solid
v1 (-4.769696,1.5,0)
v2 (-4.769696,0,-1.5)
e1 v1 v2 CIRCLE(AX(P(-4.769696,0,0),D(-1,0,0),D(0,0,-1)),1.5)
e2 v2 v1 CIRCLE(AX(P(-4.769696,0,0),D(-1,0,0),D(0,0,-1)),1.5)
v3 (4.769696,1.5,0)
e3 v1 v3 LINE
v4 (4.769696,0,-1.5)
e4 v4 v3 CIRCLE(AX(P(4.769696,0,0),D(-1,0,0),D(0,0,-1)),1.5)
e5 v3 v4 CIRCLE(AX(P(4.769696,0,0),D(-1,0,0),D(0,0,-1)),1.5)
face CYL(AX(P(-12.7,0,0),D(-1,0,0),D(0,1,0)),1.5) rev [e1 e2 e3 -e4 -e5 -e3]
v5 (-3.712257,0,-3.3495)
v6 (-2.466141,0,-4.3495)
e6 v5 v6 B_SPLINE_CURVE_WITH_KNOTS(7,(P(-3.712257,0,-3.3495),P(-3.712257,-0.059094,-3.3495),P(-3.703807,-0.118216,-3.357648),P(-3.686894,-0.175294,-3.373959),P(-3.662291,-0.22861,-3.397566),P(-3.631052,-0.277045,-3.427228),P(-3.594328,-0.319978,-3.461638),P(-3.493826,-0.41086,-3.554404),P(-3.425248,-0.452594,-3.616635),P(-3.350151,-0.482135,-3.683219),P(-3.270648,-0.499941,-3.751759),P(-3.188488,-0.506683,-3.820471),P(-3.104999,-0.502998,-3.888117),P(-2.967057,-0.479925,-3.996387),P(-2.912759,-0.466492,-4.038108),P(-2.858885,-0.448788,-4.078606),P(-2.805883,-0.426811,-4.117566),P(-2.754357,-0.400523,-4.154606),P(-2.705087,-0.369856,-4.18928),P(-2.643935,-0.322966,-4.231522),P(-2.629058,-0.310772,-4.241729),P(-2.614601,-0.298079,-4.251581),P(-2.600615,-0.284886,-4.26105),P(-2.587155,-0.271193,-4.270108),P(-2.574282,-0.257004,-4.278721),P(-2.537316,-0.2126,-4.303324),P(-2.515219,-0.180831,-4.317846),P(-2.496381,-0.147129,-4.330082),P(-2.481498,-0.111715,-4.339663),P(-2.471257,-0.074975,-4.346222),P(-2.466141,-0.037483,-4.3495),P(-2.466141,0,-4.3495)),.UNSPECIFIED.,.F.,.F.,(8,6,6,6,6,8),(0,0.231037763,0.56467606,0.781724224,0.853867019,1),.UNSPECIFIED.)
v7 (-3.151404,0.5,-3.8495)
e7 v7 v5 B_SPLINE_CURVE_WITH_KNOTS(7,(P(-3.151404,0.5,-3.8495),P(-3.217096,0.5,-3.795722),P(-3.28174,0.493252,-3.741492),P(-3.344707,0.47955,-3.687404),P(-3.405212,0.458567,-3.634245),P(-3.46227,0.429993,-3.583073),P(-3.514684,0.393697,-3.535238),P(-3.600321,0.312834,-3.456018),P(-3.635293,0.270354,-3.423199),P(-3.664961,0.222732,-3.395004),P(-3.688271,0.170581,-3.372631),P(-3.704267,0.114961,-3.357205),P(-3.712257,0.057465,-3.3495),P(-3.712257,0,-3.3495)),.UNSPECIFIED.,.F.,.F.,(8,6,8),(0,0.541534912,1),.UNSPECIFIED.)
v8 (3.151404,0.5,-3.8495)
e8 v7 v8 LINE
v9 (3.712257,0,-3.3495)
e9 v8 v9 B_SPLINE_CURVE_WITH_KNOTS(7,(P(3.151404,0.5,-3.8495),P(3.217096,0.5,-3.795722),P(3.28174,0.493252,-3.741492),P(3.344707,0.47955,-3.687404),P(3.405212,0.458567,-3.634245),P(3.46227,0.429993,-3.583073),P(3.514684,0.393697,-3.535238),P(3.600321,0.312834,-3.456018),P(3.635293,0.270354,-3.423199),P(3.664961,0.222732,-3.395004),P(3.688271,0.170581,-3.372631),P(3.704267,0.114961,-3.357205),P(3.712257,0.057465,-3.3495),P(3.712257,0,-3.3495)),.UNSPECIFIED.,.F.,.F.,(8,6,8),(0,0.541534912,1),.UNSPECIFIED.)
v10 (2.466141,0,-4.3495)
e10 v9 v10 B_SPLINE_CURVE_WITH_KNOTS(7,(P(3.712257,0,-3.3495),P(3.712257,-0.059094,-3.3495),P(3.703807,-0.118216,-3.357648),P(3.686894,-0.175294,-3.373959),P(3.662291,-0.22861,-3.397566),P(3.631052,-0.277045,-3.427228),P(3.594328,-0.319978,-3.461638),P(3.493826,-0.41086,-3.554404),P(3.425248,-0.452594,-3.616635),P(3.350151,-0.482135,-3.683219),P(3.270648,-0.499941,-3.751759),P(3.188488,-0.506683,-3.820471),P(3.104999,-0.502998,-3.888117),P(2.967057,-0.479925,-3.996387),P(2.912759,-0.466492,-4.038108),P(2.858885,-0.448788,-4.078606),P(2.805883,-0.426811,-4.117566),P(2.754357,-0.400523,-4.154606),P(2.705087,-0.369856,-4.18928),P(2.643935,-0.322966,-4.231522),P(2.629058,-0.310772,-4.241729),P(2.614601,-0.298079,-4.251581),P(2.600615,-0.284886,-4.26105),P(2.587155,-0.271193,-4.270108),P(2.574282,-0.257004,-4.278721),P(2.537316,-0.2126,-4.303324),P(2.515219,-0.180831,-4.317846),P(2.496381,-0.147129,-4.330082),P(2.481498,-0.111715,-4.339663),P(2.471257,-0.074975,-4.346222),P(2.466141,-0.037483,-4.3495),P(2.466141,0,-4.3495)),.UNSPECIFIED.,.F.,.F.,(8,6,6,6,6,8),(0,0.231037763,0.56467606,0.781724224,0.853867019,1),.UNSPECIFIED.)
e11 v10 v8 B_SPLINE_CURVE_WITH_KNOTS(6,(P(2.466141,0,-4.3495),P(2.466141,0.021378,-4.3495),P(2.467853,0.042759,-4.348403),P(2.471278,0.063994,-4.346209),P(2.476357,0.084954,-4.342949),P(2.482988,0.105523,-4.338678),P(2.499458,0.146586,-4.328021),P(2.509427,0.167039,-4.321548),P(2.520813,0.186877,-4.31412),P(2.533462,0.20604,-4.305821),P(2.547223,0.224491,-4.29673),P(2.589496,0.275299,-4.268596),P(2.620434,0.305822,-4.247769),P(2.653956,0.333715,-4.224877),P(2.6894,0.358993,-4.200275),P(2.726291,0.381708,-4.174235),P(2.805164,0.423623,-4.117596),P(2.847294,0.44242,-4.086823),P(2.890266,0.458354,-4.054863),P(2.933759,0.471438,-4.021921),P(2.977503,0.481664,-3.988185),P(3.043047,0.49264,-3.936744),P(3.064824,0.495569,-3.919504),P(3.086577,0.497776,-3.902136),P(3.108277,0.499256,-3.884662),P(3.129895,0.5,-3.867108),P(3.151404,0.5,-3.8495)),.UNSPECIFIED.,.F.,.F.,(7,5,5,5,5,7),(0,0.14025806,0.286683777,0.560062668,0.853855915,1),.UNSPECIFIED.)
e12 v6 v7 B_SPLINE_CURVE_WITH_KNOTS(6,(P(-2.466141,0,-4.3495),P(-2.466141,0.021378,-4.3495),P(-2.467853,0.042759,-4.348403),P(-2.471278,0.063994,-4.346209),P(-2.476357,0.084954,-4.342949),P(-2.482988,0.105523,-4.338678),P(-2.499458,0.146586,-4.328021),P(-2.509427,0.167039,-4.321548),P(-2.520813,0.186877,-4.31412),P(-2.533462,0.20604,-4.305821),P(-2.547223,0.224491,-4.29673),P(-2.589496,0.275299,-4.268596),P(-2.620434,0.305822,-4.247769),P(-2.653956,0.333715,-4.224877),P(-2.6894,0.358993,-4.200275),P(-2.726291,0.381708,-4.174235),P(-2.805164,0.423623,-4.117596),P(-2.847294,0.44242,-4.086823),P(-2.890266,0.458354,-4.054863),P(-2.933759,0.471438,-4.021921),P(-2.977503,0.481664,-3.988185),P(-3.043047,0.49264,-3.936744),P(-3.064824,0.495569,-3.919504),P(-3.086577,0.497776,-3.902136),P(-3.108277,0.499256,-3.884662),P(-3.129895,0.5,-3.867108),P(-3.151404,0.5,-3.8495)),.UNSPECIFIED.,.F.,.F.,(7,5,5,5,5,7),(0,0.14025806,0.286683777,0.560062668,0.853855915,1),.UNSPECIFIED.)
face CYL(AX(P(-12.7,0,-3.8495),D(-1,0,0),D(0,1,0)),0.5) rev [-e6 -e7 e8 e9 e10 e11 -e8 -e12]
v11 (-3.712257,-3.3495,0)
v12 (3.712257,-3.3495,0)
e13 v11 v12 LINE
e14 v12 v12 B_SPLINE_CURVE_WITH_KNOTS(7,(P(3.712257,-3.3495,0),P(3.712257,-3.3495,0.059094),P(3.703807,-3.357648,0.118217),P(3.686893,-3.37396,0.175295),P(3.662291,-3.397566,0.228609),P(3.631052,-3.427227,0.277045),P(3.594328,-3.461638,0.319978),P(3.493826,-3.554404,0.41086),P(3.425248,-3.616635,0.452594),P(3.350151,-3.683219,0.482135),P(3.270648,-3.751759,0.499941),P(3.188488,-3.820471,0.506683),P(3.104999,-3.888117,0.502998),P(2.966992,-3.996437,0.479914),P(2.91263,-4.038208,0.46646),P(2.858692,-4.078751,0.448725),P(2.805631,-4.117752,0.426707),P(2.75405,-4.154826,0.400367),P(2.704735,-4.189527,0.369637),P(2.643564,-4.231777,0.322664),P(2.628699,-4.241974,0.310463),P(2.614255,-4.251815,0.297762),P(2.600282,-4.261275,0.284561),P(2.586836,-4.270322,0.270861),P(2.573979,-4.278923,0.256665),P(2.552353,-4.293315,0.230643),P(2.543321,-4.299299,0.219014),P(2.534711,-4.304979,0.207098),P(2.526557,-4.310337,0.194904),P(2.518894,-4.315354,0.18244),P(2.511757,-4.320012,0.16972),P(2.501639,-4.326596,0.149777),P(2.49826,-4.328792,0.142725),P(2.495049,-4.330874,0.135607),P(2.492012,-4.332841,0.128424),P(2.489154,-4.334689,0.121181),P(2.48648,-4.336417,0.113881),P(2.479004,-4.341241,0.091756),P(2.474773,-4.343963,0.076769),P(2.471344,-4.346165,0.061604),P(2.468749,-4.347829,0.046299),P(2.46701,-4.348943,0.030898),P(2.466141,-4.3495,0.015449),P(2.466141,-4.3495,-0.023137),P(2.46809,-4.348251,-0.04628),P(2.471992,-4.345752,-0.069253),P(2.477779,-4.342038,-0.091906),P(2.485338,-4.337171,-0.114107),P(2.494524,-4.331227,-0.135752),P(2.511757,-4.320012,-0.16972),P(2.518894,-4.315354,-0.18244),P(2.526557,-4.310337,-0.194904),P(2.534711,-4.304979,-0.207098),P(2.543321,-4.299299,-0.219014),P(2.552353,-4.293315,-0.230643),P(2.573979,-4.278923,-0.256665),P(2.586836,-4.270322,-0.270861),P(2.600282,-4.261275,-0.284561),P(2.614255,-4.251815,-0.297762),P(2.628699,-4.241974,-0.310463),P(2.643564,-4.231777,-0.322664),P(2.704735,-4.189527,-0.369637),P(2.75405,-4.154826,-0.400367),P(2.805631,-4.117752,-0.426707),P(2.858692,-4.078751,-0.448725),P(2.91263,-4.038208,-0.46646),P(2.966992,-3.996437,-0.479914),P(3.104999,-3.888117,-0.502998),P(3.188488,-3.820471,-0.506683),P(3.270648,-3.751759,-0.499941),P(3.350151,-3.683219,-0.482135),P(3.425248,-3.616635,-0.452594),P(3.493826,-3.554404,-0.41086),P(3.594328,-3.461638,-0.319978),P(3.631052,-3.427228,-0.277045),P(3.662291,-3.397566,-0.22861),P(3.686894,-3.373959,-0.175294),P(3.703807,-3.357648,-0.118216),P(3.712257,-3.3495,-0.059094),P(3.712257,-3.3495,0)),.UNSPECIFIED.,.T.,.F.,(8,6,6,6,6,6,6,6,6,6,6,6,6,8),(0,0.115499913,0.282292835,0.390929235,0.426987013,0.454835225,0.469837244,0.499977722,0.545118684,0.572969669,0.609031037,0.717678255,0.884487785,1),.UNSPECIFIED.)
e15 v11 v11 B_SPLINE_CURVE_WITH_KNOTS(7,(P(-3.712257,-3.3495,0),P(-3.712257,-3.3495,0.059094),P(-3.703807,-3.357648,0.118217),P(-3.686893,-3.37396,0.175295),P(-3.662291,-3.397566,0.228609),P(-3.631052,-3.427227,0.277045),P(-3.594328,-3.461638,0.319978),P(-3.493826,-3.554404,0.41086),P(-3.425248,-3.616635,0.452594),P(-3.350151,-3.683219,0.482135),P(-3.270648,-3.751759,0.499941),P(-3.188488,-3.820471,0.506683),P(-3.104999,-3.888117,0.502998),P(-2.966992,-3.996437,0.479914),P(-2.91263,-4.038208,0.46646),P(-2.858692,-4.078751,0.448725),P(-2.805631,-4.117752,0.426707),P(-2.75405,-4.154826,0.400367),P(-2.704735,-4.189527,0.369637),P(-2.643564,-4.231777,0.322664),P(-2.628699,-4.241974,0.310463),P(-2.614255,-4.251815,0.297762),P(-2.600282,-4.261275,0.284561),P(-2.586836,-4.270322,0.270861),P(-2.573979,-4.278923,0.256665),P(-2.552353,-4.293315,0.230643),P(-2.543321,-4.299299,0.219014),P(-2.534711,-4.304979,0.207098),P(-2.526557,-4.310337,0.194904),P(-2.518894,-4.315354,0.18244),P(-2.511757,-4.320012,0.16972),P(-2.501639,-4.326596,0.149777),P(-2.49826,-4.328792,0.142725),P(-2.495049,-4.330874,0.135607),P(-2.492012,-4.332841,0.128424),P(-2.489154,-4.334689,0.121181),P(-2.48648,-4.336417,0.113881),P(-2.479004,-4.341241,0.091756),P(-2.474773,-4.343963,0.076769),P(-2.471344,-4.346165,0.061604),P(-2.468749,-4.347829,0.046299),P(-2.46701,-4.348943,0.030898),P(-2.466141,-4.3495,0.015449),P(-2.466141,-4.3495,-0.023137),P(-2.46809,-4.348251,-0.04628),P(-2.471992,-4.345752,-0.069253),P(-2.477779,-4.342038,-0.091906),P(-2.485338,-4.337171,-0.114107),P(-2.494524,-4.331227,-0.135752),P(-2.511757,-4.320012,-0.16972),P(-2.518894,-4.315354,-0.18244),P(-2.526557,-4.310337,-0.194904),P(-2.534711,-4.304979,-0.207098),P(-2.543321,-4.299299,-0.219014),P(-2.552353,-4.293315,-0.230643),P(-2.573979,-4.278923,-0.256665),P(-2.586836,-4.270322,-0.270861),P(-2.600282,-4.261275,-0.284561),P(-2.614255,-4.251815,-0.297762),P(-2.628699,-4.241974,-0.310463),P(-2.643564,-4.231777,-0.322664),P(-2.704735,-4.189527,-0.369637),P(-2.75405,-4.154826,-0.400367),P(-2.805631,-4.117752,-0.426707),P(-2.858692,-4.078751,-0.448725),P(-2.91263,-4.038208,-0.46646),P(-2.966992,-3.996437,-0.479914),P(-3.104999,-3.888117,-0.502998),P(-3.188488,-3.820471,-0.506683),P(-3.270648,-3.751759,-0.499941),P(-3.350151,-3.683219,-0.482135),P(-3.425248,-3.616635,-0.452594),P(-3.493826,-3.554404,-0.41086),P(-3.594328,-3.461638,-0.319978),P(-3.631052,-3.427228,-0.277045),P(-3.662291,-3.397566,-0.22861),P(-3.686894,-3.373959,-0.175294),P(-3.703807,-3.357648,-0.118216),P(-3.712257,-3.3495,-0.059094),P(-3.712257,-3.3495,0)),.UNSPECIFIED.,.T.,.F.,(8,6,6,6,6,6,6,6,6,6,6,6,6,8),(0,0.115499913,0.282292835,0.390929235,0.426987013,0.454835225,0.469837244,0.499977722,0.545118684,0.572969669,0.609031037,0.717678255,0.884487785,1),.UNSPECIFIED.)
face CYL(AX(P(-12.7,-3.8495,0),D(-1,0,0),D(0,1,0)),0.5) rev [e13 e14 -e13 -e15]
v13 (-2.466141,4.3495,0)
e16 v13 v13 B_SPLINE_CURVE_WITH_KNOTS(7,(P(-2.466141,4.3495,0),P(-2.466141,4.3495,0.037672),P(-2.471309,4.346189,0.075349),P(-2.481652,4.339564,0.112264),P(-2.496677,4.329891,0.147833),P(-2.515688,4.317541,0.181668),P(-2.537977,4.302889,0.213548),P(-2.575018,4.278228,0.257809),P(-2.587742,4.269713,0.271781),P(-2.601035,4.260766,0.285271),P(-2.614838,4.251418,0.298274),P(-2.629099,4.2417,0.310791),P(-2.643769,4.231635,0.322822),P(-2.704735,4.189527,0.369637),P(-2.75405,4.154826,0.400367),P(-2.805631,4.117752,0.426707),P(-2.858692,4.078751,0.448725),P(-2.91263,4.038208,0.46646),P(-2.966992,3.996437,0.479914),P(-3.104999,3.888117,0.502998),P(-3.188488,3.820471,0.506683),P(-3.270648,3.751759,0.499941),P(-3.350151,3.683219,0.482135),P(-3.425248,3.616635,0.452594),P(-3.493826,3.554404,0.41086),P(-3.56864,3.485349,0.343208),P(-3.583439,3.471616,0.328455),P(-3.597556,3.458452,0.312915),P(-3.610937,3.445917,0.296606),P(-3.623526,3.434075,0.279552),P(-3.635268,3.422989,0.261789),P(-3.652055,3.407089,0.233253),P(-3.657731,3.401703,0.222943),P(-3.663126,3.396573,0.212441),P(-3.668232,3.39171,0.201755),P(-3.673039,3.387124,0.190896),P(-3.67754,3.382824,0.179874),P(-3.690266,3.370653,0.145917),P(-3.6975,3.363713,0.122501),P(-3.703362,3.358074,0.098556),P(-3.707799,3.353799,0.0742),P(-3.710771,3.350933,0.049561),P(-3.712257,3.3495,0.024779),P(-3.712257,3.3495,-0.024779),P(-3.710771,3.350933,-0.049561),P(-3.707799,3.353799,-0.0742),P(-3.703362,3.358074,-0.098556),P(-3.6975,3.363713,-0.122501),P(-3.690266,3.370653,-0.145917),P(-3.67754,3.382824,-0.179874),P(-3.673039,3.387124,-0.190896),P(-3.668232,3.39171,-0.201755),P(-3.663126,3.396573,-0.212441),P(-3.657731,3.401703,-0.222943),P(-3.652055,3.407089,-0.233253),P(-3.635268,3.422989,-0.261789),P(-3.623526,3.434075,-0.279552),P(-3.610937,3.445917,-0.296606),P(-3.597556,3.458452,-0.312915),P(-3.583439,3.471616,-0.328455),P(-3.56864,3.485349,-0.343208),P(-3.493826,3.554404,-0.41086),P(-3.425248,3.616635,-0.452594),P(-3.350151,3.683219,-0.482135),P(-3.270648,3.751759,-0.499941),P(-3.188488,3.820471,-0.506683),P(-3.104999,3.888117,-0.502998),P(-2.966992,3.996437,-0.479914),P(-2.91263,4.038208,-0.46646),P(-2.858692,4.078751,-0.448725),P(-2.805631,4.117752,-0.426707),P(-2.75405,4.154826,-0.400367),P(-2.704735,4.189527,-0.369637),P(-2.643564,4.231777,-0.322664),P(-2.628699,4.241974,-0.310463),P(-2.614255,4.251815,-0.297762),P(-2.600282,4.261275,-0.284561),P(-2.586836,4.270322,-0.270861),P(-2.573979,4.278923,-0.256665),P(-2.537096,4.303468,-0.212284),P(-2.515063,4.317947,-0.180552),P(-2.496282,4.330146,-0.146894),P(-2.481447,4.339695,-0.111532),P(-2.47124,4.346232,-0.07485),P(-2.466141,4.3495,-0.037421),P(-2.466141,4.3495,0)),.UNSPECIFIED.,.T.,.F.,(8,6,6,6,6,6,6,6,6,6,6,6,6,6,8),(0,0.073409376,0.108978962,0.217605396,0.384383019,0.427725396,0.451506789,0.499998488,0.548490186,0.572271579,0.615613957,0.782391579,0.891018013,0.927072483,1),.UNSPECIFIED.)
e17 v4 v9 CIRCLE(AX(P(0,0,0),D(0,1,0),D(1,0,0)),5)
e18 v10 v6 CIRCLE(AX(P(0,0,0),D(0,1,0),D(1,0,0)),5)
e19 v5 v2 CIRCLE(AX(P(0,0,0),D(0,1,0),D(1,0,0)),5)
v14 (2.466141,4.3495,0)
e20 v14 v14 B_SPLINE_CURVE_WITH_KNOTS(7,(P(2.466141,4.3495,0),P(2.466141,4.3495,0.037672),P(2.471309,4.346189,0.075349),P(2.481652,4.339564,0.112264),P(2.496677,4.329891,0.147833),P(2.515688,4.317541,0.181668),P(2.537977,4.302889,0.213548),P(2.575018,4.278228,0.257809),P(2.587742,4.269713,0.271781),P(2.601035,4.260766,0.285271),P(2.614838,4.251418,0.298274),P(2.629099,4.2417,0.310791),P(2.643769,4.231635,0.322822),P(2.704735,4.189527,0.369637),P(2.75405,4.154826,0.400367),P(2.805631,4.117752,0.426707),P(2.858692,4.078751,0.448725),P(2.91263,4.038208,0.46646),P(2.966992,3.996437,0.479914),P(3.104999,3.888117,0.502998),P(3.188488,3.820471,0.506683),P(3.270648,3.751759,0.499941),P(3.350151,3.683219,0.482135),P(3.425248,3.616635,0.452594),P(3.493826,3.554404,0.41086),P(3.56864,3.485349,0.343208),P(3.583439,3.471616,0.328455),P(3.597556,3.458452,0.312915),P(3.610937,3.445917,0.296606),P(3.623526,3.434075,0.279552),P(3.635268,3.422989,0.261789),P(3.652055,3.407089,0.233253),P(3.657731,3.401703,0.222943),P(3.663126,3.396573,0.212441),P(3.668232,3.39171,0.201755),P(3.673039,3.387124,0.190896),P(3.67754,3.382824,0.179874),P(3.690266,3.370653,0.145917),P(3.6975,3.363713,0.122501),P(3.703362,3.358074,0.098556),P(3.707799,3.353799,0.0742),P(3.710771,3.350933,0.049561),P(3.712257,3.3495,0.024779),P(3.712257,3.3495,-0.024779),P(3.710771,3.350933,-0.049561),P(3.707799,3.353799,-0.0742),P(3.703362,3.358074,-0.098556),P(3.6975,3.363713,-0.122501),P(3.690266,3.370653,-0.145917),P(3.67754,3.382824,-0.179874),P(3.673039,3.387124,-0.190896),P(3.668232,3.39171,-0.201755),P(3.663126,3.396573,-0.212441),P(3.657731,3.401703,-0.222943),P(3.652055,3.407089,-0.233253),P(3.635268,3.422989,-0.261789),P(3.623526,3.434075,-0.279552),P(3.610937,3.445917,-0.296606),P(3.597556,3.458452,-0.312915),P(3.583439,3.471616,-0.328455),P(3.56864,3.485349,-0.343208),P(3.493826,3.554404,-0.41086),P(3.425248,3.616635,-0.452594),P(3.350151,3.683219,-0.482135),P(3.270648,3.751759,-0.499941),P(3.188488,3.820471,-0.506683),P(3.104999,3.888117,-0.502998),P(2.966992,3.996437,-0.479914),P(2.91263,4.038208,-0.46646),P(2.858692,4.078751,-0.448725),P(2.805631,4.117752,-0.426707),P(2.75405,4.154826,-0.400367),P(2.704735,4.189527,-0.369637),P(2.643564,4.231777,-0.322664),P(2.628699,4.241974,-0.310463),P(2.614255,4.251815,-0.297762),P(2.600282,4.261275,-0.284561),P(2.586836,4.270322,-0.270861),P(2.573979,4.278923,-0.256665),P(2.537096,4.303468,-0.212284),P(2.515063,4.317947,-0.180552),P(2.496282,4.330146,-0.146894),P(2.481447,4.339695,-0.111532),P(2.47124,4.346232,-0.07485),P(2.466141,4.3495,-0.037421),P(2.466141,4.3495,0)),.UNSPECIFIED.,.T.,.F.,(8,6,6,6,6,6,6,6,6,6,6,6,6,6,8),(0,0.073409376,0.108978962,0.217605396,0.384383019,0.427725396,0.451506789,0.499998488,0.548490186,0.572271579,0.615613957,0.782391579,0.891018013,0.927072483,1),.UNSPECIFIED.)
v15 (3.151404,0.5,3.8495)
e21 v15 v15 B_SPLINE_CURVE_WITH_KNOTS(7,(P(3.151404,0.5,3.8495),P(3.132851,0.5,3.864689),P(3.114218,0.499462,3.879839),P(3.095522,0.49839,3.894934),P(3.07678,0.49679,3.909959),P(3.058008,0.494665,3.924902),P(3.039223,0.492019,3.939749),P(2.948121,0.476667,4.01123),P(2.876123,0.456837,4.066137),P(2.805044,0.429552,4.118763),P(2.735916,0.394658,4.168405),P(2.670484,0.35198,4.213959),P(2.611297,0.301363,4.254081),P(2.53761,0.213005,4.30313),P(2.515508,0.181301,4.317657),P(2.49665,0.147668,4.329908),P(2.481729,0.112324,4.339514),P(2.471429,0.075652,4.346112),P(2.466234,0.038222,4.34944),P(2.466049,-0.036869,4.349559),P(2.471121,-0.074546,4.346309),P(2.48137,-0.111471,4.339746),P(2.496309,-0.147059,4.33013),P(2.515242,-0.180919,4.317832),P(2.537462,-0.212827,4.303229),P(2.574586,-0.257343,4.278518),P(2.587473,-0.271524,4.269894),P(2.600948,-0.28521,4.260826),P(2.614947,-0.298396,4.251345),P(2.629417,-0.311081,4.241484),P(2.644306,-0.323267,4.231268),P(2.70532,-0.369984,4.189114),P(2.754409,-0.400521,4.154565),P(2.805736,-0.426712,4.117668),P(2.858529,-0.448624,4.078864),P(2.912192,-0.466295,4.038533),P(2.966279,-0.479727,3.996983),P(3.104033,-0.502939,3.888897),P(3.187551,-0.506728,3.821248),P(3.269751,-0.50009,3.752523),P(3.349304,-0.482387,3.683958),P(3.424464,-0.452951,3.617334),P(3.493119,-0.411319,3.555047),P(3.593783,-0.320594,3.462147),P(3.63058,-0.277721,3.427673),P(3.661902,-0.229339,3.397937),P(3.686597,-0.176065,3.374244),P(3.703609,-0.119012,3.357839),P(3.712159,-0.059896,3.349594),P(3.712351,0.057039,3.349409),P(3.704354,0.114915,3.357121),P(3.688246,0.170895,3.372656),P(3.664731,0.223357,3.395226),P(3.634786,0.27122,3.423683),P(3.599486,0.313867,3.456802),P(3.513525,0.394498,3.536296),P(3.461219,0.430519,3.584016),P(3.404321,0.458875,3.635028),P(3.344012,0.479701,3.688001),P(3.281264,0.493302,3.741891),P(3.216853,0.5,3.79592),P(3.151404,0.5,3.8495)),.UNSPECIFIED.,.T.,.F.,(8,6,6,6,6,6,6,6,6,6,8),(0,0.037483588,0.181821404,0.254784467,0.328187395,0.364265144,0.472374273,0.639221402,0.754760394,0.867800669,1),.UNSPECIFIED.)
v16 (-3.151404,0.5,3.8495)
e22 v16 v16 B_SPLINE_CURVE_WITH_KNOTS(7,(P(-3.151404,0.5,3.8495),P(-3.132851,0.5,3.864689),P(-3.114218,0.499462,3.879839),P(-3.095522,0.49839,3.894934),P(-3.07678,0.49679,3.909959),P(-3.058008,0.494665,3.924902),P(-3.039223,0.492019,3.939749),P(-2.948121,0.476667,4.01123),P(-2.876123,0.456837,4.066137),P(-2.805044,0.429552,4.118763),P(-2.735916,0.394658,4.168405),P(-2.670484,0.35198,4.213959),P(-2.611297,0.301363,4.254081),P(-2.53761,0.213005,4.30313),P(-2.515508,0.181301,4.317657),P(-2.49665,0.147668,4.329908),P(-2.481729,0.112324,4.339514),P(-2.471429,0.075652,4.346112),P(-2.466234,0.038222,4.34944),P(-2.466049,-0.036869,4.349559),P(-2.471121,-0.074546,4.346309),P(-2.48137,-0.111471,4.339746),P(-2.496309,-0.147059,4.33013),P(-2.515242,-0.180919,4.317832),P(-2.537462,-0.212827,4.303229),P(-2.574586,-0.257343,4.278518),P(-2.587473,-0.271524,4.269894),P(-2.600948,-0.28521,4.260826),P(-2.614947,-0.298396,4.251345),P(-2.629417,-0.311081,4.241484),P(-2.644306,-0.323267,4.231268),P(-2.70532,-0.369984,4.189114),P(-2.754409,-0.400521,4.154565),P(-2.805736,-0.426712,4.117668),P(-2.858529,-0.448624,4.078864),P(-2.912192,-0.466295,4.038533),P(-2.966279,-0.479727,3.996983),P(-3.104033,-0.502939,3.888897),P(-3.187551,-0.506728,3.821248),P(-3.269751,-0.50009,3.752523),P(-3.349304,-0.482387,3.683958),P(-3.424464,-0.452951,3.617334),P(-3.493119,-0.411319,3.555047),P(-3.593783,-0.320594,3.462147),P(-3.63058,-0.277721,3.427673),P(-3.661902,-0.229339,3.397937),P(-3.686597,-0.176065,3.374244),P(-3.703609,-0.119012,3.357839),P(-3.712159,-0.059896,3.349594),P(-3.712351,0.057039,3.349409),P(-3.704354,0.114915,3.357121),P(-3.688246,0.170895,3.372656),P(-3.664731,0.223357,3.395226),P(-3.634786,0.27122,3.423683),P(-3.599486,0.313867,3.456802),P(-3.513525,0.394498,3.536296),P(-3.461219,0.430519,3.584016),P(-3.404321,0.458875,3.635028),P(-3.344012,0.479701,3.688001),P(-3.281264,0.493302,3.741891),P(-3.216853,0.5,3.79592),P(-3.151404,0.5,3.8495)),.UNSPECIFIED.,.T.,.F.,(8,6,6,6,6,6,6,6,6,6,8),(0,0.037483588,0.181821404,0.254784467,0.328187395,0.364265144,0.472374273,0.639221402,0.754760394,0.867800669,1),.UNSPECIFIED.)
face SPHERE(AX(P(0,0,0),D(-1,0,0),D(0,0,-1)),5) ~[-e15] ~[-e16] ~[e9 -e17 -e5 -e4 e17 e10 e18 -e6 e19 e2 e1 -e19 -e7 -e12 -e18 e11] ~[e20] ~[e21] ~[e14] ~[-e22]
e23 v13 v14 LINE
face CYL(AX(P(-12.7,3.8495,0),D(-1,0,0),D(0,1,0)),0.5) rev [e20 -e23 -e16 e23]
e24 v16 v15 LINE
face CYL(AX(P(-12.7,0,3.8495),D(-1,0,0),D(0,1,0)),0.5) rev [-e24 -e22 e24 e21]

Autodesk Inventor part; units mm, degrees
ref_plane "XZ Plane" through (0, 0, 0) normal (0, 1, 0) x (-1, 0, 0)
ref_plane "XY Plane" through (0, 0, 0) normal (0, 0, 1) x (1, 0, 0)
sketch "Sketch1" plane through (0, 0, 0) normal (1, 0, 0) x (0, 1, 0)
  point P0 (0, 0)
sketch "Sketch2" plane through (0, 0, 0) normal (0, 1, 0) x (-1, 0, 0)
  point P0 (0, 0)
sketch "Sketch3" plane through (0, 0, 0) normal (0, 1, 0) x (-1, 0, 0)
  arc A0 (-5, 0) -> (5, 0) centre (0, 0) ccw
  line L0 (5, 0) -> (-5, 0)
  dimension "d0" = 10
revolve "Revolution1" add sketch "Sketch3" angle 360 about axis through (-5, 0, 0) along (1, 0, 0)
ref_plane "Work Plane1" through (-12.7, 0, 0) normal (1, 0, 0) x (0, 1, 0)
sketch "Sketch4" plane through (-12.7, 0, 0) normal (1, 0, 0) x (0, 1, 0)
  point P0 (0, 0)
sketch "Sketch5" plane through (-12.7, 0, 0) normal (1, 0, 0) x (0, 1, 0)
  point P0 (0, 0)
sketch "Sketch6" plane through (-12.7, 0, 0) normal (1, 0, 0) x (0, 1, 0)
  circle A0 centre (0, 0) radius 1.5
  circle A1 centre (0, 0) radius 3.8495 construction
  circle A2 centre (0, 3.8495) radius 0.5
  circle A3 centre (0, 0) radius 3.8495 construction
  circle A4 centre (-3.8495, 0) radius 0.5
  circle A5 centre (0, 0) radius 3.8495 construction
  circle A6 centre (0, -3.8495) radius 0.5
  circle A7 centre (0, 0) radius 3.8495 construction
  circle A8 centre (3.8495, 0) radius 0.5
  dimension "d3" = 3
  dimension "d4" = 1
  dimension "d7" = 360
extrude "Extrusion1" cut sketch "Sketch6" along normal blind 100
sketch "Sketch7" plane through (0, 0, 0) normal (0, 0, 1) x (1, 0, 0)
  point P0 (0, 0)
ref_plane "Work Plane2" through (-3, 0, 0) normal (1, 0, 0) x (0, 1, 0)
sketch "Sketch8" plane through (-3, 0, 0) normal (1, 0, 0) x (0, 1, 0)
  point P0 (0, 0)
